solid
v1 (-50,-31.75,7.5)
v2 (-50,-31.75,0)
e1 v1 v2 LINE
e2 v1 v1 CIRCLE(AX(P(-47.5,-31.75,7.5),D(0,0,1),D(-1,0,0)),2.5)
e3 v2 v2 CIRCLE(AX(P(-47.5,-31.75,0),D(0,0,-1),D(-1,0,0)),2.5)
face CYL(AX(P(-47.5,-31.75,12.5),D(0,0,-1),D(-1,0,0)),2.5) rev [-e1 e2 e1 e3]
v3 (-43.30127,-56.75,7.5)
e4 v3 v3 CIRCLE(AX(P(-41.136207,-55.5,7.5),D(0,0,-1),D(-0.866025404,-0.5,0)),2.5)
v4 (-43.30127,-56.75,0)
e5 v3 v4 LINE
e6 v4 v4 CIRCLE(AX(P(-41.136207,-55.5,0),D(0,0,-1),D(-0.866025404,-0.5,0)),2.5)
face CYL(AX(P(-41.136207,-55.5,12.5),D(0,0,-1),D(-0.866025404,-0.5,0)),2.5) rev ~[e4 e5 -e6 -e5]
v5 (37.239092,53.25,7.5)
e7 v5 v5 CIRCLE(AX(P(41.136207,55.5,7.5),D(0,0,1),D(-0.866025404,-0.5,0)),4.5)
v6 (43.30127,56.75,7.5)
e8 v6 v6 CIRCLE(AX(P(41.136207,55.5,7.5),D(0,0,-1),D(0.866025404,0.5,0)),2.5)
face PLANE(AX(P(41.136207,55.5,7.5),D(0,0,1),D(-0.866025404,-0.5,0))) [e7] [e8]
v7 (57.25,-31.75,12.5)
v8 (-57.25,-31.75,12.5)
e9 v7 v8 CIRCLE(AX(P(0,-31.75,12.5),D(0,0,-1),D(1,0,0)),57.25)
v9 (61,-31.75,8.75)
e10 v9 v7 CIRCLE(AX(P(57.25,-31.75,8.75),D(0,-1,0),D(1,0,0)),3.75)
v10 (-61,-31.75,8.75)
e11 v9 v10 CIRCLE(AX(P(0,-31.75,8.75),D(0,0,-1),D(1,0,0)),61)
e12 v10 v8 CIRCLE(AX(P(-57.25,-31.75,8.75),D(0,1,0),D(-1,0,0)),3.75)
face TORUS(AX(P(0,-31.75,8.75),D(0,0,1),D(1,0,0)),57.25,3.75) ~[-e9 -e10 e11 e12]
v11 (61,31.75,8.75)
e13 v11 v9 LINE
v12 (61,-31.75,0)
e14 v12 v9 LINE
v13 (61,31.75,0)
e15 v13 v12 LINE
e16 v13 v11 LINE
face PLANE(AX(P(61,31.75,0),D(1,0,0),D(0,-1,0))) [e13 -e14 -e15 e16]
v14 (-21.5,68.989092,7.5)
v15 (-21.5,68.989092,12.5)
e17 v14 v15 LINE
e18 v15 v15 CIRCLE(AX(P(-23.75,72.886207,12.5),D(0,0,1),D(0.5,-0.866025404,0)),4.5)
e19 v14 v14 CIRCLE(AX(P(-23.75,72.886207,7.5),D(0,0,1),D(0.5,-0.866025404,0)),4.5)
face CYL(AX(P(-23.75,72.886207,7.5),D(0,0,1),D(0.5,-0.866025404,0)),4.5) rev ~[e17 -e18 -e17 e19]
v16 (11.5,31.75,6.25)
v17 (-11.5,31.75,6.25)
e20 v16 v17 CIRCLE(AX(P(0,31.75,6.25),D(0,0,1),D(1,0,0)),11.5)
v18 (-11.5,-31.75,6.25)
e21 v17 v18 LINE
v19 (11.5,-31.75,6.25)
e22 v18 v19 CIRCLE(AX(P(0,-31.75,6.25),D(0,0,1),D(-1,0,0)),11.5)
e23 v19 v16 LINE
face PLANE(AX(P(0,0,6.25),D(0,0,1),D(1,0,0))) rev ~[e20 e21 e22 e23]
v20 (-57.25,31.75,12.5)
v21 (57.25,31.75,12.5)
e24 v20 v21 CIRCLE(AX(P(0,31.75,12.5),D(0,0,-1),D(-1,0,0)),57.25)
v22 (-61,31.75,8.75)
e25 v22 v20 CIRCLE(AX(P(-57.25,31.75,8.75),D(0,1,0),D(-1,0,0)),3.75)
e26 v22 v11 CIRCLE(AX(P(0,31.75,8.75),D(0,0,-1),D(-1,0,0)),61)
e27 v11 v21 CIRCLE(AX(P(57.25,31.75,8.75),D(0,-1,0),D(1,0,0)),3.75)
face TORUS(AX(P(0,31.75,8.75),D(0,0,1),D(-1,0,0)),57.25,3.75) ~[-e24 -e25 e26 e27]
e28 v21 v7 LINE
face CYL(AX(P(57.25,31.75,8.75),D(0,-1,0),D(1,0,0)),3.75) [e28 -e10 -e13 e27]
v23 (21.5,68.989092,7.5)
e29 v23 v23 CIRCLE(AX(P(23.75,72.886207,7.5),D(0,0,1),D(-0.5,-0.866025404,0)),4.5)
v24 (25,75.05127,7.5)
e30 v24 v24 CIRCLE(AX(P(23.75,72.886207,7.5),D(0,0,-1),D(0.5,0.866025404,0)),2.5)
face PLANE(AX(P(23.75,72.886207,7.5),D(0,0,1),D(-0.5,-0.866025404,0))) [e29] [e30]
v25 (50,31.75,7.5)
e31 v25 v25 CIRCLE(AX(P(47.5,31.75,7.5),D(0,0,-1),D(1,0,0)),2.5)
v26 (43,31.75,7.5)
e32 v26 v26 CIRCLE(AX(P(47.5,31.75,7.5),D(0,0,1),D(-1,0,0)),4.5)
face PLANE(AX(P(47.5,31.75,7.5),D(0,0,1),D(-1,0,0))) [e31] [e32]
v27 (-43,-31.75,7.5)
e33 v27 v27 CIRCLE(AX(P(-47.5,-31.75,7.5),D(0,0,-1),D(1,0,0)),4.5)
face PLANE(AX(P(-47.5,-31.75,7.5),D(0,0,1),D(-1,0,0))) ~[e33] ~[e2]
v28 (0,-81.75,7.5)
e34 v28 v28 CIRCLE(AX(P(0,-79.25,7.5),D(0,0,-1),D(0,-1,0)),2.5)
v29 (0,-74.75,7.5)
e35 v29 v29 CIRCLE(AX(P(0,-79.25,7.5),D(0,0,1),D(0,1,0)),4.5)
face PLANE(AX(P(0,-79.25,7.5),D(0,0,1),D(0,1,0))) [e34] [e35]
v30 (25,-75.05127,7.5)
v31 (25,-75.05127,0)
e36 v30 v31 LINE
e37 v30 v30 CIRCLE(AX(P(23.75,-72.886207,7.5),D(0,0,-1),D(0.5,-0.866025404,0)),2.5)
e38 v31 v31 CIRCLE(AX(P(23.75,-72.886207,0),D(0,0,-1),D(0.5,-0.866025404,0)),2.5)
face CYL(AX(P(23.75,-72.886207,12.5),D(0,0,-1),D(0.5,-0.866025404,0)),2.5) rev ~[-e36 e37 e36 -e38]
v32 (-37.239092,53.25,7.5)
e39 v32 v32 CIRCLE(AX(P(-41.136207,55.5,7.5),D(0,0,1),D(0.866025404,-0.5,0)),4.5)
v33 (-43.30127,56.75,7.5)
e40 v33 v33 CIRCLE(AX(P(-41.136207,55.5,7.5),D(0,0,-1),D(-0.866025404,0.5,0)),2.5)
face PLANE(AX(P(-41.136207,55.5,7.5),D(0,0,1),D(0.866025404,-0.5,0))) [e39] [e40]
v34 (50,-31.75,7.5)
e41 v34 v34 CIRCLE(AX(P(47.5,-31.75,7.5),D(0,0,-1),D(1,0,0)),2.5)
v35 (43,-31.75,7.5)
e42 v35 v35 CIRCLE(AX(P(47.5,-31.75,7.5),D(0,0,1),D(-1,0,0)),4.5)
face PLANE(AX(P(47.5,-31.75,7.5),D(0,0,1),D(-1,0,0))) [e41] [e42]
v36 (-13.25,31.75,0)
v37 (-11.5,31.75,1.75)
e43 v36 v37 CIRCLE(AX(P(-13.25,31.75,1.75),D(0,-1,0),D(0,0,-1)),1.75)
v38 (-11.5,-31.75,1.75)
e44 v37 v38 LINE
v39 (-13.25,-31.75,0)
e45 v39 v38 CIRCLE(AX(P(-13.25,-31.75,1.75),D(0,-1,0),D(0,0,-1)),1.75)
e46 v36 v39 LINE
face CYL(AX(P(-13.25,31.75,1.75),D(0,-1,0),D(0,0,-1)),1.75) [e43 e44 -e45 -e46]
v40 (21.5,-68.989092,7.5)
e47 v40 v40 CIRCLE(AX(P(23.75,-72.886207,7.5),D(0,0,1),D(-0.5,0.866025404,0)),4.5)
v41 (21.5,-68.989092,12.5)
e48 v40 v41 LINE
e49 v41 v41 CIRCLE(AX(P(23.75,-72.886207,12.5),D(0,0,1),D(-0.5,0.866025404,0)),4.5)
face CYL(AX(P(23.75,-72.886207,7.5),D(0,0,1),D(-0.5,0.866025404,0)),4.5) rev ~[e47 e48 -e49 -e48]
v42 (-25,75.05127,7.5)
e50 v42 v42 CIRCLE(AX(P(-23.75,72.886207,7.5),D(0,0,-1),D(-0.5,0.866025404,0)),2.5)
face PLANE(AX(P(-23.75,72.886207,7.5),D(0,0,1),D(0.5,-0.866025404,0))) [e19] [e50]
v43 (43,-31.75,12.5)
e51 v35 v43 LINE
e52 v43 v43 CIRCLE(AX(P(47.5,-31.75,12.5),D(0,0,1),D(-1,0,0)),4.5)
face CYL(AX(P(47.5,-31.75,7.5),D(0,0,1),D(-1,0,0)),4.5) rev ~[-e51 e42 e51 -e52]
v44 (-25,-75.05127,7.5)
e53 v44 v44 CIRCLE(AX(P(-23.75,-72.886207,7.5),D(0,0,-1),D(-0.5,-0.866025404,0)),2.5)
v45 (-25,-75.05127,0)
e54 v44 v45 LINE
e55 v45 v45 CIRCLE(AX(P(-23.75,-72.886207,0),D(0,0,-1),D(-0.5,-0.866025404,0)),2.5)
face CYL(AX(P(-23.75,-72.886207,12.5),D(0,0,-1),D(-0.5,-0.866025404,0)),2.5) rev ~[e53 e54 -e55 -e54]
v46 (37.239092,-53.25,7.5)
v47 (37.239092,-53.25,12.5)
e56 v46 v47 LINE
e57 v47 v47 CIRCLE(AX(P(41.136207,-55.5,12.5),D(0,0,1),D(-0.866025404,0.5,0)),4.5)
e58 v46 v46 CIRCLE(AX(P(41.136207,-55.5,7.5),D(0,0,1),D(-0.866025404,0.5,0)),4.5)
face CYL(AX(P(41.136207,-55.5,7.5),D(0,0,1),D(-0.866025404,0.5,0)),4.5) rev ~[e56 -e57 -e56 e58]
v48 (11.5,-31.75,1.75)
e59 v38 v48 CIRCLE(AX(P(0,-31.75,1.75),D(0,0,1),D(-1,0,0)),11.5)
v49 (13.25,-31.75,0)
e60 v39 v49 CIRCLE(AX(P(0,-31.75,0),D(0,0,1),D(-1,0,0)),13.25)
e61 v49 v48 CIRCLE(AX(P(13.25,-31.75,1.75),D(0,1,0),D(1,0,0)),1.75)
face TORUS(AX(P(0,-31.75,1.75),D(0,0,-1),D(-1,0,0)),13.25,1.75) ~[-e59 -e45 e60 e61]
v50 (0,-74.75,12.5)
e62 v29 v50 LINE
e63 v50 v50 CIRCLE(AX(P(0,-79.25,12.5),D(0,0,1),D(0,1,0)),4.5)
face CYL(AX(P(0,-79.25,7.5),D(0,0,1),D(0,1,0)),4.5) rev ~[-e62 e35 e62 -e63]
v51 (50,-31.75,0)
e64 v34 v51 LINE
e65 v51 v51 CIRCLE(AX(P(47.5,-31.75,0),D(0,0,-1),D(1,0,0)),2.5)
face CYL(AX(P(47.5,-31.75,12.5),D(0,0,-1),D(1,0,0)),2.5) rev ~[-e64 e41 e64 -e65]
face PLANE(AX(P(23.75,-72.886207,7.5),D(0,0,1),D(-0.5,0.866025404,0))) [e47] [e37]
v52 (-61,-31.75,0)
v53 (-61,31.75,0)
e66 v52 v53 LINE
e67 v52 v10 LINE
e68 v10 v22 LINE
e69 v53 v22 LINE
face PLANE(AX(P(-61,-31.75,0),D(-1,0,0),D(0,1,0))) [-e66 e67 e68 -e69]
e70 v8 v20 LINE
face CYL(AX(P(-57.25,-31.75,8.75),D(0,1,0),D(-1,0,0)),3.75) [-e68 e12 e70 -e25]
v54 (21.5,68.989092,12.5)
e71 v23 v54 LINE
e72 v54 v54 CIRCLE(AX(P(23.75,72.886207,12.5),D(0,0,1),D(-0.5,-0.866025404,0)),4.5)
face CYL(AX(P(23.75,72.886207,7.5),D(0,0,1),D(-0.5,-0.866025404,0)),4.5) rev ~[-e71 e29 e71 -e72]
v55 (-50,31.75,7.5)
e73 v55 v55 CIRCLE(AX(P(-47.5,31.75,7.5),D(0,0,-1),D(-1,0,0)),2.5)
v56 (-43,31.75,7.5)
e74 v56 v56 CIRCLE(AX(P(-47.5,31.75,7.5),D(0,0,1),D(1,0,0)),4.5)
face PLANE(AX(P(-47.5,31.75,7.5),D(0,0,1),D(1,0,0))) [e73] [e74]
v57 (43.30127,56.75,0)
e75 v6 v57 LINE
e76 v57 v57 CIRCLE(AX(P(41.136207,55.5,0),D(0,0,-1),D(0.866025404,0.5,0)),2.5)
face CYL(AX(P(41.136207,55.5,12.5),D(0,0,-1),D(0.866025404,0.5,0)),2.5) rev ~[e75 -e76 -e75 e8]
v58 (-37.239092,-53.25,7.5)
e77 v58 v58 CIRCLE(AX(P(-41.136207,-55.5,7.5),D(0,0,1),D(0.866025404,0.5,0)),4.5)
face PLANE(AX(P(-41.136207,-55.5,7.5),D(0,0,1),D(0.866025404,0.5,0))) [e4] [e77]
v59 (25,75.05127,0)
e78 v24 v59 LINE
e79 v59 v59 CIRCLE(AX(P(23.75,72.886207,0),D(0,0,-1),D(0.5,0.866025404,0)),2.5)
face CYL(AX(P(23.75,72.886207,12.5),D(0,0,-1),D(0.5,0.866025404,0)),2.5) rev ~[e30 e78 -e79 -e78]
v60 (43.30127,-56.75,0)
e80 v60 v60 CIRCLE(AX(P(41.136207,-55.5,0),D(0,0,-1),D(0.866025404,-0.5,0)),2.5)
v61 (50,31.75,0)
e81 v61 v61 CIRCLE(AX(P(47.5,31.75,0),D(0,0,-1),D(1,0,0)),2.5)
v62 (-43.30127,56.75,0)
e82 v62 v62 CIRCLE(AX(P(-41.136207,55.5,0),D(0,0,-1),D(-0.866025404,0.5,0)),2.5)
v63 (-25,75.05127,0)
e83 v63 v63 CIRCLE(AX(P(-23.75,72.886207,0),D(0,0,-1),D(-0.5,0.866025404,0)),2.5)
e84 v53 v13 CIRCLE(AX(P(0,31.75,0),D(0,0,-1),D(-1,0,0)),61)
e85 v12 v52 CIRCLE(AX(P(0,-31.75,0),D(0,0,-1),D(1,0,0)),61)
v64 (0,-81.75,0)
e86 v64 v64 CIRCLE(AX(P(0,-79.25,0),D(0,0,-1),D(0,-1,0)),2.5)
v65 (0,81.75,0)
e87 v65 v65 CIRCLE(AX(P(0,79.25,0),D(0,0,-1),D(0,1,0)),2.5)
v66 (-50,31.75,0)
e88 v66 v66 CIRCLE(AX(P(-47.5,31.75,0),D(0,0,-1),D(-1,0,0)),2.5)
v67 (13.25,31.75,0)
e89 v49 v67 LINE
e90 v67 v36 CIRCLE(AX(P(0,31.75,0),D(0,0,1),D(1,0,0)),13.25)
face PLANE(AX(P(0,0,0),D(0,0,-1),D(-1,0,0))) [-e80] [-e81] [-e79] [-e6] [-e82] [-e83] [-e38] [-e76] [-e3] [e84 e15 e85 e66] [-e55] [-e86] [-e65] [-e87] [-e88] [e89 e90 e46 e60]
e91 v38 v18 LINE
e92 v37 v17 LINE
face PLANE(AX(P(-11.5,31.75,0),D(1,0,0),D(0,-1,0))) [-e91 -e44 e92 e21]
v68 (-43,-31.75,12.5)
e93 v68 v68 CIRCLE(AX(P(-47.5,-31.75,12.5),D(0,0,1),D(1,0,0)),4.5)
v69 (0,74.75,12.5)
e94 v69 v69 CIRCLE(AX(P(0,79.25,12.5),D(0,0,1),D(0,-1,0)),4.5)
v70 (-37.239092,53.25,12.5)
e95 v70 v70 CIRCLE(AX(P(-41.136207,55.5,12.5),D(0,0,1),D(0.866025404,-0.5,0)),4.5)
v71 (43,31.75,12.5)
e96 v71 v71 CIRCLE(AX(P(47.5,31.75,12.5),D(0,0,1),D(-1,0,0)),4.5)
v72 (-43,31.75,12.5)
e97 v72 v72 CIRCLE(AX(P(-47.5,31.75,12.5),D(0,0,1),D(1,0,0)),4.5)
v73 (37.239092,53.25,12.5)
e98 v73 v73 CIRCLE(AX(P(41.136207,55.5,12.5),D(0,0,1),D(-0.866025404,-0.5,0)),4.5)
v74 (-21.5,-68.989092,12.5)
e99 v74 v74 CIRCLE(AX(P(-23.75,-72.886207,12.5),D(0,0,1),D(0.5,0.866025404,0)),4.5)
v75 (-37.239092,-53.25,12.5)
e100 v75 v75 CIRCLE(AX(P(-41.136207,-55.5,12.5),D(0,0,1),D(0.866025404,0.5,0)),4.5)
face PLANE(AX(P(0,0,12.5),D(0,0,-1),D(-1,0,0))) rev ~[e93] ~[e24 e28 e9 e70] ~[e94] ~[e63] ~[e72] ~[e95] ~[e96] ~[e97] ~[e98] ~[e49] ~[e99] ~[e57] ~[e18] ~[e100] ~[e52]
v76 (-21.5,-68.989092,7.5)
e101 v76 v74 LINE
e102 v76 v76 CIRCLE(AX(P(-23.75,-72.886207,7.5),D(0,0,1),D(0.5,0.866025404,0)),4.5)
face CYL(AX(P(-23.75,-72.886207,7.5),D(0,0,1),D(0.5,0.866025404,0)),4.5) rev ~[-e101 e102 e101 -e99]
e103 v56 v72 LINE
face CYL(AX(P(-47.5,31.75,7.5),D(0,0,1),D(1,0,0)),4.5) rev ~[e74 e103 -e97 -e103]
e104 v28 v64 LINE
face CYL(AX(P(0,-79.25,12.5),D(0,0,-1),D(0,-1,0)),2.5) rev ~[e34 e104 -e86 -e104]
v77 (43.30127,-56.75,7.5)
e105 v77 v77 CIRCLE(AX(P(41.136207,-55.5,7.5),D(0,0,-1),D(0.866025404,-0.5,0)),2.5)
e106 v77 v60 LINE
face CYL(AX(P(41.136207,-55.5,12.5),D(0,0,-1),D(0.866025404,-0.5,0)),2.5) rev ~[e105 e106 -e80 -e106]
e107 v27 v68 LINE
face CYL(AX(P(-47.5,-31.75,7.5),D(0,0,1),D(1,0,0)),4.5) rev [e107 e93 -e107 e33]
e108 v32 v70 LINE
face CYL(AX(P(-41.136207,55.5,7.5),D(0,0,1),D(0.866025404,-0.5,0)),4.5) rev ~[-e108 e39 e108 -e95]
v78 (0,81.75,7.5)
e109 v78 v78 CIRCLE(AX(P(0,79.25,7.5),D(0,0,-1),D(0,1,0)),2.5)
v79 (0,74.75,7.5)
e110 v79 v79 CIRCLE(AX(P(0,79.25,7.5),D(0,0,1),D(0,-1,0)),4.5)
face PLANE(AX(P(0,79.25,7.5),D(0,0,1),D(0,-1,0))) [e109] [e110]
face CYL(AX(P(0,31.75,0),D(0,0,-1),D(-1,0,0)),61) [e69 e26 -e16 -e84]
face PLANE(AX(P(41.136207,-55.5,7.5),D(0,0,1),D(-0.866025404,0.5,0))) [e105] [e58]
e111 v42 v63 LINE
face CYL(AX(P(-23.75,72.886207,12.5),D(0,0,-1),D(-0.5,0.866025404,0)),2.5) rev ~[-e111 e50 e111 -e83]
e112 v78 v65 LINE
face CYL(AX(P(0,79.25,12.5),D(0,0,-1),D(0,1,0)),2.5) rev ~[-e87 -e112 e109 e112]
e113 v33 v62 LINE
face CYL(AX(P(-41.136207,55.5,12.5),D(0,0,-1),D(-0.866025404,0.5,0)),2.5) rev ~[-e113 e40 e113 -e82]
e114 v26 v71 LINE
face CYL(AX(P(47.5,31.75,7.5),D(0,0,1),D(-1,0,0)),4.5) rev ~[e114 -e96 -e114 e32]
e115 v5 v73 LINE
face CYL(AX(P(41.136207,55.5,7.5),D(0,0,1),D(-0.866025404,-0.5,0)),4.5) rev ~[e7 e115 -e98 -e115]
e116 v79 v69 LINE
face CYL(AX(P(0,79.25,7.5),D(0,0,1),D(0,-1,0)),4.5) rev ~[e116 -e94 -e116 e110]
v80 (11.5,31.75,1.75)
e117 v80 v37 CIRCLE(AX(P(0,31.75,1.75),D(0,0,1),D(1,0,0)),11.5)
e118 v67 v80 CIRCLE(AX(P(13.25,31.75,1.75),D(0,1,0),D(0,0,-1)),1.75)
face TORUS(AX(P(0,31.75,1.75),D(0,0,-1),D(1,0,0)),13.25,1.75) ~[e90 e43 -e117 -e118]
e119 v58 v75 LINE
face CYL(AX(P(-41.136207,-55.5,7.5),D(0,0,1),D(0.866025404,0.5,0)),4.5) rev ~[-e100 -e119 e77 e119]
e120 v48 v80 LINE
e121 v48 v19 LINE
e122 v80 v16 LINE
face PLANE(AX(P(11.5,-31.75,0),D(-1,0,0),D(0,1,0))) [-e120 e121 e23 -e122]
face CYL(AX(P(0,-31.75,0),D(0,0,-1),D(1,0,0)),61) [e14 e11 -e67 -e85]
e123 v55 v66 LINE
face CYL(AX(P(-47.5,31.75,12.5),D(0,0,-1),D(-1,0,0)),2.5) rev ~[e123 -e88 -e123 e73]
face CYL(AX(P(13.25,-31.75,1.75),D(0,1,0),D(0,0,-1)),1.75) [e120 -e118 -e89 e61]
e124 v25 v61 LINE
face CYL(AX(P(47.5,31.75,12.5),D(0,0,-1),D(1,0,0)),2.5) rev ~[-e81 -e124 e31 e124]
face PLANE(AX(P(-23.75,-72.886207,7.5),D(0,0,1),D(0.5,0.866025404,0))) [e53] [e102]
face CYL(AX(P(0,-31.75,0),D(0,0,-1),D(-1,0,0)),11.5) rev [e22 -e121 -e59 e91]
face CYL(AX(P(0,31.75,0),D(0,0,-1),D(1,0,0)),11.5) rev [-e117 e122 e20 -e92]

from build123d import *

# Parameters (mm, degrees)
BOSS_EXTRUDE1_DEPTH        = 12.5
CUT_EXTRUDE1_DEPTH         = 6.25
FILLET1_R                  = 1.75
FILLET2_R                  = 3.75
HOLE1_D                    = 5
HOLE1_DEPTH                = 30
HOLE1_CBORE_D              = 9
HOLE1_CBORE_DEPTH          = 5
CIRPATTERN1_COUNT          = 7
CIRPATTERN1_ANGLE          = 180
MIRROR1_COPY_1_D           = 5
MIRROR1_COPY_1_DEPTH       = 30
MIRROR1_COPY_1_CBORE_D     = 9
MIRROR1_COPY_1_CBORE_DEPTH = 5
MIRROR1_COPY_2_D           = 5
MIRROR1_COPY_2_DEPTH       = 30
MIRROR1_COPY_2_CBORE_D     = 9
MIRROR1_COPY_2_CBORE_DEPTH = 5
MIRROR1_COPY_3_D           = 5
MIRROR1_COPY_3_DEPTH       = 30
MIRROR1_COPY_3_CBORE_D     = 9
MIRROR1_COPY_3_CBORE_DEPTH = 5
MIRROR1_COPY_4_D           = 5
MIRROR1_COPY_4_DEPTH       = 30
MIRROR1_COPY_4_CBORE_D     = 9
MIRROR1_COPY_4_CBORE_DEPTH = 5
MIRROR1_COPY_5_D           = 5
MIRROR1_COPY_5_DEPTH       = 30
MIRROR1_COPY_5_CBORE_D     = 9
MIRROR1_COPY_5_CBORE_DEPTH = 5
MIRROR1_COPY_6_D           = 5
MIRROR1_COPY_6_DEPTH       = 30
MIRROR1_COPY_6_CBORE_D     = 9
MIRROR1_COPY_6_CBORE_DEPTH = 5


with BuildPart() as part:
    # Sketch1 → Boss-Extrude1 (new body)
    with BuildSketch(Plane.XY):
        with BuildLine():
            Line((61, 31.75), (61, -31.75))
            ThreePointArc((61, -31.75), (0, -92.75), (-61, -31.75))
            Line((-61, -31.75), (-61, 31.75))
            ThreePointArc((-61, 31.75), (0, 92.75), (61, 31.75))
        make_face()
    extrude(amount=BOSS_EXTRUDE1_DEPTH)

    # Sketch1<3> → Cut-Extrude1 (cut)
    with BuildSketch(Plane.XY):
        with BuildLine():
            Line((-11.5, 31.75), (-11.5, -31.75))
            ThreePointArc((-11.5, -31.75), (0, -43.25), (11.5, -31.75))
            Line((11.5, -31.75), (11.5, 31.75))
            ThreePointArc((11.5, 31.75), (0, 43.25), (-11.5, 31.75))
        make_face()
    extrude(amount=CUT_EXTRUDE1_DEPTH, mode=Mode.SUBTRACT)

    # Fillet1
    fillet1_edges = [part.edges().sort_by_distance(p)[0] for p in [
        (-11.5, 0, 0),
        (0, -43.25, 0),
        (0, 43.25, 0),
        (11.5, 0, 0),
    ]]
    fillet(fillet1_edges, radius=FILLET1_R)

    # Fillet2
    fillet2_edges = [part.edges().sort_by_distance(p)[0] for p in [
        (0, -92.75, 12.5),
        (61, 0, 12.5),
        (0, 92.75, 12.5),
        (-61, 0, 12.5),
    ]]
    fillet(fillet2_edges, radius=FILLET2_R)

    # Hole1
    with Locations(Plane.XY.offset(12.5)):
        with Locations((-47.5, 31.75)):
            hole1 = CounterBoreHole(HOLE1_D / 2, HOLE1_CBORE_D / 2, HOLE1_CBORE_DEPTH, depth=HOLE1_DEPTH)

    # CirPattern1: Hole1 ×7 about axis
    cirpattern1_axis = Axis((0, 31.75, 0), (0, 0, -1))
    for i in range(1, CIRPATTERN1_COUNT):
        add(hole1.rotate(cirpattern1_axis, i * CIRPATTERN1_ANGLE / (CIRPATTERN1_COUNT - 1)), mode=Mode.SUBTRACT)

    # Mirror1: Hole1 across plane
    add(hole1.mirror(Plane.ZX), mode=Mode.SUBTRACT)

    # Mirror1 copy 1
    with Locations(Plane(origin=(-15.875, -4.25369343, 12.5), x_dir=(0.866025404, 0.5, 0), z_dir=(0, 0, 1))):
        with Locations((-47.5, -31.75)):
            CounterBoreHole(MIRROR1_COPY_1_D / 2, MIRROR1_COPY_1_CBORE_D / 2, MIRROR1_COPY_1_CBORE_DEPTH, depth=MIRROR1_COPY_1_DEPTH)

    # Mirror1 copy 2
    with Locations(Plane(origin=(-27.49630657, -15.875, 12.5), x_dir=(0.5, 0.866025404, 0), z_dir=(0, 0, 1))):
        with Locations((-47.5, -31.75)):
            CounterBoreHole(MIRROR1_COPY_2_D / 2, MIRROR1_COPY_2_CBORE_D / 2, MIRROR1_COPY_2_CBORE_DEPTH, depth=MIRROR1_COPY_2_DEPTH)

    # Mirror1 copy 3
    with Locations(Plane(origin=(-31.75, -31.75, 12.5), x_dir=(0, 1, 0), z_dir=(0, 0, 1))):
        with Locations((-47.5, -31.75)):
            CounterBoreHole(MIRROR1_COPY_3_D / 2, MIRROR1_COPY_3_CBORE_D / 2, MIRROR1_COPY_3_CBORE_DEPTH, depth=MIRROR1_COPY_3_DEPTH)

    # Mirror1 copy 4
    with Locations(Plane(origin=(-27.49630657, -47.625, 12.5), x_dir=(-0.5, 0.866025404, 0), z_dir=(0, 0, 1))):
        with Locations((-47.5, -31.75)):
            CounterBoreHole(MIRROR1_COPY_4_D / 2, MIRROR1_COPY_4_CBORE_D / 2, MIRROR1_COPY_4_CBORE_DEPTH, depth=MIRROR1_COPY_4_DEPTH)

    # Mirror1 copy 5
    with Locations(Plane(origin=(-15.875, -59.24630657, 12.5), x_dir=(-0.866025404, 0.5, 0), z_dir=(0, 0, 1))):
        with Locations((-47.5, -31.75)):
            CounterBoreHole(MIRROR1_COPY_5_D / 2, MIRROR1_COPY_5_CBORE_D / 2, MIRROR1_COPY_5_CBORE_DEPTH, depth=MIRROR1_COPY_5_DEPTH)

    # Mirror1 copy 6
    with Locations(Plane(origin=(0, -63.5, 12.5), x_dir=(-1, 0, 0), z_dir=(0, 0, 1))):
        with Locations((-47.5, -31.75)):
            CounterBoreHole(MIRROR1_COPY_6_D / 2, MIRROR1_COPY_6_CBORE_D / 2, MIRROR1_COPY_6_CBORE_DEPTH, depth=MIRROR1_COPY_6_DEPTH)


solid = part.part
